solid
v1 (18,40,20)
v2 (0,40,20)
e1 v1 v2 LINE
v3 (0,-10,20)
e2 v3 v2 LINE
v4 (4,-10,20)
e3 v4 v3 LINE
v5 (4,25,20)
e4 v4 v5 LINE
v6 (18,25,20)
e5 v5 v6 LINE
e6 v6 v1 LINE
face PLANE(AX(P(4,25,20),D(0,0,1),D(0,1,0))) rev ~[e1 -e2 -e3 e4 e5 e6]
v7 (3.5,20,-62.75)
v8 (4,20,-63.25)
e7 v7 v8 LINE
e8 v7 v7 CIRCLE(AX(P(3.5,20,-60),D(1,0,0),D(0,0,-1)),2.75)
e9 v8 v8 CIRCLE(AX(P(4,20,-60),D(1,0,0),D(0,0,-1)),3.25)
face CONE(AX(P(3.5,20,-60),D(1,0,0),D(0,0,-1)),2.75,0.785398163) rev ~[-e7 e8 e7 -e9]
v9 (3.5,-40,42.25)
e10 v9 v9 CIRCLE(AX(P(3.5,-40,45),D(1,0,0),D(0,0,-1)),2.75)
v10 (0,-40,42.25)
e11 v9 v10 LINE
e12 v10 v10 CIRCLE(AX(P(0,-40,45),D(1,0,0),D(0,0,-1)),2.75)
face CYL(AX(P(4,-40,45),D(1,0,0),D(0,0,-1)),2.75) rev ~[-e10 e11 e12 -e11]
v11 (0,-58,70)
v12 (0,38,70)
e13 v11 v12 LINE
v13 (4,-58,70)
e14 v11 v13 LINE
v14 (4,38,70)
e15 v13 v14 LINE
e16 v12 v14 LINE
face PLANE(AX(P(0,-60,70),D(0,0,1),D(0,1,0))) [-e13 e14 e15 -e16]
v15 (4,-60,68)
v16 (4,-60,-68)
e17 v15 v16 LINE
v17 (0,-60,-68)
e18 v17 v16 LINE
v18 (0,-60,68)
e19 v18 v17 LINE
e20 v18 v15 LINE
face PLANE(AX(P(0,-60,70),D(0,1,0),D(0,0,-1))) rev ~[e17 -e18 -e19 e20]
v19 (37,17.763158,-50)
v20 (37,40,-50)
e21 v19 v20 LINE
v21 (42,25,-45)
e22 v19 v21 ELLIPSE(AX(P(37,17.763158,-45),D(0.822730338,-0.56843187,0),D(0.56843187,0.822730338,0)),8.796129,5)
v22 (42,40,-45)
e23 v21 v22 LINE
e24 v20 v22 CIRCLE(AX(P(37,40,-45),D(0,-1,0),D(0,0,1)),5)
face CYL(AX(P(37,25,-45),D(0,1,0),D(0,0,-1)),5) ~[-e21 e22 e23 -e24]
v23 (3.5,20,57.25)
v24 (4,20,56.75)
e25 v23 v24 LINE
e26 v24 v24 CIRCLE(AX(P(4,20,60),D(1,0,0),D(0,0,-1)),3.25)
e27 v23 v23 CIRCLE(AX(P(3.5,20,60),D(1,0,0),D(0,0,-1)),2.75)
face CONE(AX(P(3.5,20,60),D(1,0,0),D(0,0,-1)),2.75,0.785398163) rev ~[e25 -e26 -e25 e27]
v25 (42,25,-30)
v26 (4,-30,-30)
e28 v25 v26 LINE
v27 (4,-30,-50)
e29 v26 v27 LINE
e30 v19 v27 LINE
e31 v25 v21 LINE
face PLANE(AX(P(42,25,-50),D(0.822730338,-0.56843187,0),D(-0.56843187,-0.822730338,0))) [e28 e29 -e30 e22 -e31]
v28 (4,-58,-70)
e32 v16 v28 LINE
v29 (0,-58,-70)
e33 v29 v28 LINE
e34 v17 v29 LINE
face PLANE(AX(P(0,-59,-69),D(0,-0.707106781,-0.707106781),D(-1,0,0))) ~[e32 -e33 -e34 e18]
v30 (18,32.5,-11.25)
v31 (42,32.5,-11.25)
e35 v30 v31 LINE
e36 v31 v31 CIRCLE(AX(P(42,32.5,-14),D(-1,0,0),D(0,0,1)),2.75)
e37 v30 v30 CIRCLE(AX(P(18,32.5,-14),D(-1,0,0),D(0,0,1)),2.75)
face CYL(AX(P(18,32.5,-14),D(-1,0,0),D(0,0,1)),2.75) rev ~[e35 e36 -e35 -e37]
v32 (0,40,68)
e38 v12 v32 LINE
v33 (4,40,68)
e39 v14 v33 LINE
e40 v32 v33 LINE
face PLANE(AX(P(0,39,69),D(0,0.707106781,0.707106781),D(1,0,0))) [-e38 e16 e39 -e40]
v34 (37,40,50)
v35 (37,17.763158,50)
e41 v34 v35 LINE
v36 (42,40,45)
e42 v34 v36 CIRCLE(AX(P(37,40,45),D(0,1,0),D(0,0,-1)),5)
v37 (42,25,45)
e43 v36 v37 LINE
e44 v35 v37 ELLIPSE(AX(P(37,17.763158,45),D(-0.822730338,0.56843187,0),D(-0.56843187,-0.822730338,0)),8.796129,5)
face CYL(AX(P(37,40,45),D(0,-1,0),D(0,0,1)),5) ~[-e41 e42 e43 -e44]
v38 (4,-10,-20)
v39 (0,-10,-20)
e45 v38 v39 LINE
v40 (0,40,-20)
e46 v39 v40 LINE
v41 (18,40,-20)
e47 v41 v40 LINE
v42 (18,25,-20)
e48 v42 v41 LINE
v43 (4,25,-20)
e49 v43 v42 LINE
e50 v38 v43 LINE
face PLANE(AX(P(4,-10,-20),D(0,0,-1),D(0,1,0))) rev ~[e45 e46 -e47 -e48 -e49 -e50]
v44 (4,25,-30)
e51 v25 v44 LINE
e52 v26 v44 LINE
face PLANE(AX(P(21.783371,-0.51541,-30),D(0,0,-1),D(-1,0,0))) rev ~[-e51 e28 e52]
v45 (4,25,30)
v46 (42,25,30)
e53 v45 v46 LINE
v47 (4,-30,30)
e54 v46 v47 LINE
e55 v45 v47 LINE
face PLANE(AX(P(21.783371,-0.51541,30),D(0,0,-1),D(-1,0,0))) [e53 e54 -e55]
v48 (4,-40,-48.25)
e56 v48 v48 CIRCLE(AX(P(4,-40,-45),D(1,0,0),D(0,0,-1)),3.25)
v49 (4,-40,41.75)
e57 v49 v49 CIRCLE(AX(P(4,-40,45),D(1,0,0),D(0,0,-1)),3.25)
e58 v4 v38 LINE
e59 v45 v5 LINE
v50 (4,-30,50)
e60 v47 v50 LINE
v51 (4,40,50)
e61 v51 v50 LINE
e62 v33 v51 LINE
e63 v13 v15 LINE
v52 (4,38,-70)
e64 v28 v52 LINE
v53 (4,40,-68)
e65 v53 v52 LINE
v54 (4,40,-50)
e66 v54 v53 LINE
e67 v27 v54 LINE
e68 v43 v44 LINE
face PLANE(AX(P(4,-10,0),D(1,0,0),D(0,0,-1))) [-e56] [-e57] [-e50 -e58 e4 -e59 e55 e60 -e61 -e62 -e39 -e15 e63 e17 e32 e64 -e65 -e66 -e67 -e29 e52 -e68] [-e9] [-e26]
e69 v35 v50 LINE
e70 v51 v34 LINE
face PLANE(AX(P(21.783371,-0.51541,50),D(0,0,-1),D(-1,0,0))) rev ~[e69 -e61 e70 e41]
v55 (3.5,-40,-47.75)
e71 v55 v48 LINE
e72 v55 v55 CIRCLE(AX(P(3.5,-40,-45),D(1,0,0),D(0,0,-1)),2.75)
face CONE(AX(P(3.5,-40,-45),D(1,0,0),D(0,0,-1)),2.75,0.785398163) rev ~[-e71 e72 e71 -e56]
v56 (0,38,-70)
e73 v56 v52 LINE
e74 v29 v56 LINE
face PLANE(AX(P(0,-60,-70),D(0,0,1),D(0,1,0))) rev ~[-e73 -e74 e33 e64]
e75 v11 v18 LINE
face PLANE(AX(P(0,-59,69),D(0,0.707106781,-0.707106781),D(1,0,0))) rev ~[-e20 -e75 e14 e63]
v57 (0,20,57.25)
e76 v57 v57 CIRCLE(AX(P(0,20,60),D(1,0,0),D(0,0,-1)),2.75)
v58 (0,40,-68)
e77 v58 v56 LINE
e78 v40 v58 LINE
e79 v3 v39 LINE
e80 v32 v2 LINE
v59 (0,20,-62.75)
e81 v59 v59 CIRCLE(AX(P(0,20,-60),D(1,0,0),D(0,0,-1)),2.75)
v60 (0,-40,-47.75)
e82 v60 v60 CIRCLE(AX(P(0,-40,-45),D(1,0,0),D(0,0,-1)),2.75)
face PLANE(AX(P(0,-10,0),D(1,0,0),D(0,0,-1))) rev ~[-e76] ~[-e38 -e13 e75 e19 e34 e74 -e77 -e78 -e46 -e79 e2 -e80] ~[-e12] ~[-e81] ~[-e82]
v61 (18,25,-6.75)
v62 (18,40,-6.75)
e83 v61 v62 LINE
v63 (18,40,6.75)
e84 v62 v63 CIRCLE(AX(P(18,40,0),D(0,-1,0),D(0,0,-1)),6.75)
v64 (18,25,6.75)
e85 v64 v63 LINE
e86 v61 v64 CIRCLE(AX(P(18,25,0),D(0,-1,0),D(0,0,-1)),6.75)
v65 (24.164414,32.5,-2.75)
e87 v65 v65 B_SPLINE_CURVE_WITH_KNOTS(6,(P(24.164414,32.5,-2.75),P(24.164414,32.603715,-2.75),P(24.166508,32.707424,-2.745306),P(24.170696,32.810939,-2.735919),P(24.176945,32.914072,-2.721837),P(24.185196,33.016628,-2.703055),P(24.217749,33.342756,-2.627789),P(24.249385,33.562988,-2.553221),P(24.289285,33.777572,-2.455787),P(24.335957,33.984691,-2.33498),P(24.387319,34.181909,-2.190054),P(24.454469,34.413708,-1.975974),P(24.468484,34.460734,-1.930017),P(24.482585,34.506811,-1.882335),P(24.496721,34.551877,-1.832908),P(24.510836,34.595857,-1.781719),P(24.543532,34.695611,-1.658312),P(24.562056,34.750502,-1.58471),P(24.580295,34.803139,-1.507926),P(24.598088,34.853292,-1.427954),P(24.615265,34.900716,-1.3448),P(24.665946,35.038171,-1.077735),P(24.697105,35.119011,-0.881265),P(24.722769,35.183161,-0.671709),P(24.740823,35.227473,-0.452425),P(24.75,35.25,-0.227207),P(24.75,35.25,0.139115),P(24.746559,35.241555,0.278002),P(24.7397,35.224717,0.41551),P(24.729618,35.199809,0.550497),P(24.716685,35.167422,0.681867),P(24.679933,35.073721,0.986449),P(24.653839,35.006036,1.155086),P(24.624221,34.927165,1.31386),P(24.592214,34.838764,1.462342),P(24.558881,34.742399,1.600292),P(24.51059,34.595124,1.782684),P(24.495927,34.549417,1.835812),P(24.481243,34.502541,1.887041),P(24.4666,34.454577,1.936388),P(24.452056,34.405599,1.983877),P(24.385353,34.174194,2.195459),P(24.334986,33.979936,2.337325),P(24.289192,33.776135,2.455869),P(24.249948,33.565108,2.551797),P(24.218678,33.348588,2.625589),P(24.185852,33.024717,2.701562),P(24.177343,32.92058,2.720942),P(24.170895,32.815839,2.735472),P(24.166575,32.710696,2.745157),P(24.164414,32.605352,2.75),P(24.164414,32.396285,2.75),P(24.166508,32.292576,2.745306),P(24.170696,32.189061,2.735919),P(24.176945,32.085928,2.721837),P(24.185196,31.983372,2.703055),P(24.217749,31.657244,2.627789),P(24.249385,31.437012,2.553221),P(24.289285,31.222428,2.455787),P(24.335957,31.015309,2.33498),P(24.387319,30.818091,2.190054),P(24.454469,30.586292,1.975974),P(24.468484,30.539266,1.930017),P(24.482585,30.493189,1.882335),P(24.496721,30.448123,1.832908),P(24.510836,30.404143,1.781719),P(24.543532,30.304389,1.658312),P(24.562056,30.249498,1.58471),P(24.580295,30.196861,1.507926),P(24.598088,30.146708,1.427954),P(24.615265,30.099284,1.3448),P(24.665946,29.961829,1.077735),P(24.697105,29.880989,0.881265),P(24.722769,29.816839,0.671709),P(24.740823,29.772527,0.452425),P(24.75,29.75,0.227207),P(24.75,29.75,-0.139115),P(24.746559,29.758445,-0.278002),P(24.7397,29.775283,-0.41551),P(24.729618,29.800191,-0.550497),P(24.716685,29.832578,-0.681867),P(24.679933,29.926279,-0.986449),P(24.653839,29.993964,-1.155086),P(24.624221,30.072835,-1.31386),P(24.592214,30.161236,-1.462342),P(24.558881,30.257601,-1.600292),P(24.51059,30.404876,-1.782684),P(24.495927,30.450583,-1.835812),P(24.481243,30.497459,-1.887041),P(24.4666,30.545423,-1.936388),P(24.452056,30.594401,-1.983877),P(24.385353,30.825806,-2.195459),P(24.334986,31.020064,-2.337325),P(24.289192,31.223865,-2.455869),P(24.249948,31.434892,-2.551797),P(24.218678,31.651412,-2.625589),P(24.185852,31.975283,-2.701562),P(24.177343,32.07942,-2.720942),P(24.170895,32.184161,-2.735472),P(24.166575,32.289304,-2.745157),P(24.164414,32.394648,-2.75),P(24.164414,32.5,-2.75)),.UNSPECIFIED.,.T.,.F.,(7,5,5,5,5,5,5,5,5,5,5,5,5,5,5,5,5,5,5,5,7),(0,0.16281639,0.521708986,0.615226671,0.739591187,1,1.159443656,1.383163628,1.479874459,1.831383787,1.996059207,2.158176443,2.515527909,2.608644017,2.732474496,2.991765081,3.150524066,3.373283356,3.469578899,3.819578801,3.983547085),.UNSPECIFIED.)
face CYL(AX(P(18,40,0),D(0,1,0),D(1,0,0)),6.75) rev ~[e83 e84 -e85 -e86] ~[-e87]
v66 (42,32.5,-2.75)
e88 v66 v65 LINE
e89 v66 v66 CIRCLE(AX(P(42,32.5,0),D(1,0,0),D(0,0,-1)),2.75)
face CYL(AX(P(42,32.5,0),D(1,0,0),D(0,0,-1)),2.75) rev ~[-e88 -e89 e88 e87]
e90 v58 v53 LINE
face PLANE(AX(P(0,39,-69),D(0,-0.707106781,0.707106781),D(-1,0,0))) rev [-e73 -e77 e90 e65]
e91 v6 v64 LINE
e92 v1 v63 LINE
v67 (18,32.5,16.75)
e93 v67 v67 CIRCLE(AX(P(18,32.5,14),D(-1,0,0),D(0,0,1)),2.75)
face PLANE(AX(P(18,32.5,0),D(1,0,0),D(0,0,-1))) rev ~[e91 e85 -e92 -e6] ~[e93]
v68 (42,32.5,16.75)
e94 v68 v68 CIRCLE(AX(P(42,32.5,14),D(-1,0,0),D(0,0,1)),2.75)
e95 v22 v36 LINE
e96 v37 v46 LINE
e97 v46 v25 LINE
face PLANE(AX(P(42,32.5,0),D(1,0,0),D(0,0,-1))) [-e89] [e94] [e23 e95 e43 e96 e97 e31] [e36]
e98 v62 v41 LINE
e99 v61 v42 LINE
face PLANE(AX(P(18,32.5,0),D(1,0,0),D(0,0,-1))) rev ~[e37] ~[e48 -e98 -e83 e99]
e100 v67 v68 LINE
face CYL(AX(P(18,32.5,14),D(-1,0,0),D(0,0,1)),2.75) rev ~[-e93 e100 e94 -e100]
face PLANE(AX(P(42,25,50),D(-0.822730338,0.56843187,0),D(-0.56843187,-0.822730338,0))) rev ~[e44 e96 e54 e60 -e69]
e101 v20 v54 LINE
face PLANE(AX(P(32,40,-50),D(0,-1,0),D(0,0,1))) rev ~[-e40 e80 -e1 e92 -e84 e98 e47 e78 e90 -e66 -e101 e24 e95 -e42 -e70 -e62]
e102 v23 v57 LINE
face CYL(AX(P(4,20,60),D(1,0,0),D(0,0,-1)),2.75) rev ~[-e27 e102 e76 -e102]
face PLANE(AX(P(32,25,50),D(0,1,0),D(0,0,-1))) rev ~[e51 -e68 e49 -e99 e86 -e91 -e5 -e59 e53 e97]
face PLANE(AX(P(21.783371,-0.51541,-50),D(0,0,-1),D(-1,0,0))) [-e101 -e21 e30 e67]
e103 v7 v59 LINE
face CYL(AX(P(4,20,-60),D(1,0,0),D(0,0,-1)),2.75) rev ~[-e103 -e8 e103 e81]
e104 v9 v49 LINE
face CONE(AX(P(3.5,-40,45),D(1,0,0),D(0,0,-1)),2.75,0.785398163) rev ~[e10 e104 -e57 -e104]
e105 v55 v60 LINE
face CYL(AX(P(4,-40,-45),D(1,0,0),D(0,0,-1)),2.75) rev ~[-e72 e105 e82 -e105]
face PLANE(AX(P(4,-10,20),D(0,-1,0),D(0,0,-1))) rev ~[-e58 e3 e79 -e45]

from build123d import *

# Parameters (mm, degrees)
SKETCH_1_W          = 140
SKETCH_1_H          = 100
EXTRUDE_1_DEPTH     = 4
SKETCH_9_R          = 2.75
CUT_EXTRUDE_3_DEPTH = 8
CHAMFER_2_SIZE      = 2
SKETCH_11_W         = 40
SKETCH_11_H         = 50
CUT_EXTRUDE_5_DEPTH = 5
SKETCH_12_W         = 10
SKETCH_12_H         = 15
EXTRUDE_2_DEPTH     = 14
SKETCH_13_W         = 60
SKETCH_13_H         = 15
EXTRUDE_3_DEPTH     = 14
EXTRUDE_4_DEPTH     = 20
EXTRUDE_5_DEPTH     = 20
SKETCH_16_R         = 6.75
CUT_EXTRUDE_6_DEPTH = 20
EXTRUDE_6_DEPTH     = 10
SKETCH_18_R         = 2.75
CUT_EXTRUDE_7_DEPTH = 96.268042911
SKETCH_19_R         = 2.75
CUT_EXTRUDE_8_DEPTH = 100
CHAMFER_3_SIZE      = 0.5
EXTRUDE_7_DEPTH     = 20
EXTRUDE_8_DEPTH     = 20
FILLET_1_R          = 5


with BuildPart() as part:
    # 草图1 → 凸台-拉伸1 (new body)
    with BuildSketch(Plane(origin=(0, 0, 0), x_dir=(0, 0, -1), z_dir=(1, 0, 0))):
        with Locations((0, -10)):
            Rectangle(SKETCH_1_W, SKETCH_1_H)
    extrude(amount=EXTRUDE_1_DEPTH)

    # 草图9 → 切除-拉伸3 (cut)
    with BuildSketch(Plane(origin=(4, 0, 0), x_dir=(0, 0, -1), z_dir=(1, 0, 0))):
        with Locations((-60, 20)):
            Circle(SKETCH_9_R)
        with Locations((60, 20)):
            Circle(SKETCH_9_R)
        with Locations((-45, -40)):
            Circle(SKETCH_9_R)
        with Locations((45, -40)):
            Circle(SKETCH_9_R)
    extrude(amount=-CUT_EXTRUDE_3_DEPTH, mode=Mode.SUBTRACT)

    # 倒角2
    chamfer_2_edges = [part.edges().sort_by_distance(p)[0] for p in [
        (2, 40, 70),
        (2, 40, -70),
        (2, -60, -70),
        (2, -60, 70),
    ]]
    chamfer(chamfer_2_edges, length=CHAMFER_2_SIZE)

    # 草图11 → 切除-拉伸5 (cut)
    with BuildSketch(Plane(origin=(4, 0, 0), x_dir=(0, 0, -1), z_dir=(1, 0, 0))):
        with Locations((0, 15)):
            Rectangle(SKETCH_11_W, SKETCH_11_H)
    extrude(amount=-CUT_EXTRUDE_5_DEPTH, mode=Mode.SUBTRACT)

    # 草图12 → 凸台-拉伸2 (add)
    with BuildSketch(Plane(origin=(4, 0, 0), x_dir=(0, 0, -1), z_dir=(1, 0, 0))):
        with Locations((-25, 32.5)):
            Rectangle(SKETCH_12_W, SKETCH_12_H)
        with Locations((25, 32.5)):
            Rectangle(SKETCH_12_W, SKETCH_12_H)
    extrude(amount=EXTRUDE_2_DEPTH)

    # 草图13 → 凸台-拉伸3 (add)
    with BuildSketch(Plane(origin=(18, 0, 0), x_dir=(0, 0, -1), z_dir=(1, 0, 0))):
        with Locations((0, 32.5)):
            Rectangle(SKETCH_13_W, SKETCH_13_H)
    extrude(amount=EXTRUDE_3_DEPTH)

    # 草图14 → 凸台-拉伸4 (add)
    with BuildSketch(Plane.XY.offset(30)):
        Polygon((4, 40), (4, -30), (32, 25), (32, 40), align=None)
    extrude(amount=EXTRUDE_4_DEPTH)

    # 草图15 → 凸台-拉伸5 (add)
    with BuildSketch(Plane(origin=(0, 0, -30), x_dir=(-1, 0, 0), z_dir=(0, 0, -1))):
        Polygon((-4, 40), (-32, 40), (-32, 25), (-4, -30), align=None)
    extrude(amount=EXTRUDE_5_DEPTH)

    # 草图16 → 切除-拉伸6 (cut)
    with BuildSketch(Plane(origin=(0, 40, 0), x_dir=(1, 0, 0), z_dir=(0, 1, 0))):
        with Locations((18, 0)):
            Circle(SKETCH_16_R)
    extrude(amount=-CUT_EXTRUDE_6_DEPTH, mode=Mode.SUBTRACT)

    # 草图17 → 凸台-拉伸6 (add)
    with BuildSketch(Plane(origin=(32, 0, 0), x_dir=(0, 0, -1), z_dir=(1, 0, 0))):
        Polygon((50, 40), (-50, 40), (-50, 25), (-30, 25), (30, 25), (50, 25), align=None)
    extrude(amount=EXTRUDE_6_DEPTH)

    # 草图18 → 切除-拉伸7 (cut, through all)
    with BuildSketch(Plane.ZY.offset(-18)):
        with Locations((14, 32.5)):
            Circle(SKETCH_18_R)
        with Locations((-14, 32.5)):
            Circle(SKETCH_18_R)
    extrude(amount=-CUT_EXTRUDE_7_DEPTH, mode=Mode.SUBTRACT)

    # 草图19 → 切除-拉伸8 (cut)
    with BuildSketch(Plane(origin=(42, 0, 0), x_dir=(0, 0, -1), z_dir=(1, 0, 0))):
        with Locations((0, 32.5)):
            Circle(SKETCH_19_R)
    extrude(amount=-CUT_EXTRUDE_8_DEPTH, mode=Mode.SUBTRACT)

    # 倒角3
    chamfer_3_edges = [part.edges().sort_by_distance(p)[0] for p in [
        (4, 20, 62.75),
        (4, -40, -42.25),
        (4, -40, 47.75),
        (4, 20, -57.25),
    ]]
    chamfer(chamfer_3_edges, length=CHAMFER_3_SIZE)

    # 草图20 → 凸台-拉伸7 (add)
    with BuildSketch(Plane.XY.offset(50)):
        Polygon((42, 25), (4, -30), (32, 25), align=None)
    extrude(amount=-EXTRUDE_7_DEPTH)

    # 草图21 → 凸台-拉伸8 (add)
    with BuildSketch(Plane(origin=(0, 0, -50), x_dir=(-1, 0, 0), z_dir=(0, 0, -1))):
        Polygon((-42, 25), (-4, -30), (-32, 25), align=None)
    extrude(amount=-EXTRUDE_8_DEPTH)

    # 圆角1
    fillet_1_edges = [part.edges().sort_by_distance(p)[0] for p in [
        (42, 32.5, -50),
        (42, 32.5, 50),
    ]]
    fillet(fillet_1_edges, radius=FILLET_1_R)


solid = part.part
